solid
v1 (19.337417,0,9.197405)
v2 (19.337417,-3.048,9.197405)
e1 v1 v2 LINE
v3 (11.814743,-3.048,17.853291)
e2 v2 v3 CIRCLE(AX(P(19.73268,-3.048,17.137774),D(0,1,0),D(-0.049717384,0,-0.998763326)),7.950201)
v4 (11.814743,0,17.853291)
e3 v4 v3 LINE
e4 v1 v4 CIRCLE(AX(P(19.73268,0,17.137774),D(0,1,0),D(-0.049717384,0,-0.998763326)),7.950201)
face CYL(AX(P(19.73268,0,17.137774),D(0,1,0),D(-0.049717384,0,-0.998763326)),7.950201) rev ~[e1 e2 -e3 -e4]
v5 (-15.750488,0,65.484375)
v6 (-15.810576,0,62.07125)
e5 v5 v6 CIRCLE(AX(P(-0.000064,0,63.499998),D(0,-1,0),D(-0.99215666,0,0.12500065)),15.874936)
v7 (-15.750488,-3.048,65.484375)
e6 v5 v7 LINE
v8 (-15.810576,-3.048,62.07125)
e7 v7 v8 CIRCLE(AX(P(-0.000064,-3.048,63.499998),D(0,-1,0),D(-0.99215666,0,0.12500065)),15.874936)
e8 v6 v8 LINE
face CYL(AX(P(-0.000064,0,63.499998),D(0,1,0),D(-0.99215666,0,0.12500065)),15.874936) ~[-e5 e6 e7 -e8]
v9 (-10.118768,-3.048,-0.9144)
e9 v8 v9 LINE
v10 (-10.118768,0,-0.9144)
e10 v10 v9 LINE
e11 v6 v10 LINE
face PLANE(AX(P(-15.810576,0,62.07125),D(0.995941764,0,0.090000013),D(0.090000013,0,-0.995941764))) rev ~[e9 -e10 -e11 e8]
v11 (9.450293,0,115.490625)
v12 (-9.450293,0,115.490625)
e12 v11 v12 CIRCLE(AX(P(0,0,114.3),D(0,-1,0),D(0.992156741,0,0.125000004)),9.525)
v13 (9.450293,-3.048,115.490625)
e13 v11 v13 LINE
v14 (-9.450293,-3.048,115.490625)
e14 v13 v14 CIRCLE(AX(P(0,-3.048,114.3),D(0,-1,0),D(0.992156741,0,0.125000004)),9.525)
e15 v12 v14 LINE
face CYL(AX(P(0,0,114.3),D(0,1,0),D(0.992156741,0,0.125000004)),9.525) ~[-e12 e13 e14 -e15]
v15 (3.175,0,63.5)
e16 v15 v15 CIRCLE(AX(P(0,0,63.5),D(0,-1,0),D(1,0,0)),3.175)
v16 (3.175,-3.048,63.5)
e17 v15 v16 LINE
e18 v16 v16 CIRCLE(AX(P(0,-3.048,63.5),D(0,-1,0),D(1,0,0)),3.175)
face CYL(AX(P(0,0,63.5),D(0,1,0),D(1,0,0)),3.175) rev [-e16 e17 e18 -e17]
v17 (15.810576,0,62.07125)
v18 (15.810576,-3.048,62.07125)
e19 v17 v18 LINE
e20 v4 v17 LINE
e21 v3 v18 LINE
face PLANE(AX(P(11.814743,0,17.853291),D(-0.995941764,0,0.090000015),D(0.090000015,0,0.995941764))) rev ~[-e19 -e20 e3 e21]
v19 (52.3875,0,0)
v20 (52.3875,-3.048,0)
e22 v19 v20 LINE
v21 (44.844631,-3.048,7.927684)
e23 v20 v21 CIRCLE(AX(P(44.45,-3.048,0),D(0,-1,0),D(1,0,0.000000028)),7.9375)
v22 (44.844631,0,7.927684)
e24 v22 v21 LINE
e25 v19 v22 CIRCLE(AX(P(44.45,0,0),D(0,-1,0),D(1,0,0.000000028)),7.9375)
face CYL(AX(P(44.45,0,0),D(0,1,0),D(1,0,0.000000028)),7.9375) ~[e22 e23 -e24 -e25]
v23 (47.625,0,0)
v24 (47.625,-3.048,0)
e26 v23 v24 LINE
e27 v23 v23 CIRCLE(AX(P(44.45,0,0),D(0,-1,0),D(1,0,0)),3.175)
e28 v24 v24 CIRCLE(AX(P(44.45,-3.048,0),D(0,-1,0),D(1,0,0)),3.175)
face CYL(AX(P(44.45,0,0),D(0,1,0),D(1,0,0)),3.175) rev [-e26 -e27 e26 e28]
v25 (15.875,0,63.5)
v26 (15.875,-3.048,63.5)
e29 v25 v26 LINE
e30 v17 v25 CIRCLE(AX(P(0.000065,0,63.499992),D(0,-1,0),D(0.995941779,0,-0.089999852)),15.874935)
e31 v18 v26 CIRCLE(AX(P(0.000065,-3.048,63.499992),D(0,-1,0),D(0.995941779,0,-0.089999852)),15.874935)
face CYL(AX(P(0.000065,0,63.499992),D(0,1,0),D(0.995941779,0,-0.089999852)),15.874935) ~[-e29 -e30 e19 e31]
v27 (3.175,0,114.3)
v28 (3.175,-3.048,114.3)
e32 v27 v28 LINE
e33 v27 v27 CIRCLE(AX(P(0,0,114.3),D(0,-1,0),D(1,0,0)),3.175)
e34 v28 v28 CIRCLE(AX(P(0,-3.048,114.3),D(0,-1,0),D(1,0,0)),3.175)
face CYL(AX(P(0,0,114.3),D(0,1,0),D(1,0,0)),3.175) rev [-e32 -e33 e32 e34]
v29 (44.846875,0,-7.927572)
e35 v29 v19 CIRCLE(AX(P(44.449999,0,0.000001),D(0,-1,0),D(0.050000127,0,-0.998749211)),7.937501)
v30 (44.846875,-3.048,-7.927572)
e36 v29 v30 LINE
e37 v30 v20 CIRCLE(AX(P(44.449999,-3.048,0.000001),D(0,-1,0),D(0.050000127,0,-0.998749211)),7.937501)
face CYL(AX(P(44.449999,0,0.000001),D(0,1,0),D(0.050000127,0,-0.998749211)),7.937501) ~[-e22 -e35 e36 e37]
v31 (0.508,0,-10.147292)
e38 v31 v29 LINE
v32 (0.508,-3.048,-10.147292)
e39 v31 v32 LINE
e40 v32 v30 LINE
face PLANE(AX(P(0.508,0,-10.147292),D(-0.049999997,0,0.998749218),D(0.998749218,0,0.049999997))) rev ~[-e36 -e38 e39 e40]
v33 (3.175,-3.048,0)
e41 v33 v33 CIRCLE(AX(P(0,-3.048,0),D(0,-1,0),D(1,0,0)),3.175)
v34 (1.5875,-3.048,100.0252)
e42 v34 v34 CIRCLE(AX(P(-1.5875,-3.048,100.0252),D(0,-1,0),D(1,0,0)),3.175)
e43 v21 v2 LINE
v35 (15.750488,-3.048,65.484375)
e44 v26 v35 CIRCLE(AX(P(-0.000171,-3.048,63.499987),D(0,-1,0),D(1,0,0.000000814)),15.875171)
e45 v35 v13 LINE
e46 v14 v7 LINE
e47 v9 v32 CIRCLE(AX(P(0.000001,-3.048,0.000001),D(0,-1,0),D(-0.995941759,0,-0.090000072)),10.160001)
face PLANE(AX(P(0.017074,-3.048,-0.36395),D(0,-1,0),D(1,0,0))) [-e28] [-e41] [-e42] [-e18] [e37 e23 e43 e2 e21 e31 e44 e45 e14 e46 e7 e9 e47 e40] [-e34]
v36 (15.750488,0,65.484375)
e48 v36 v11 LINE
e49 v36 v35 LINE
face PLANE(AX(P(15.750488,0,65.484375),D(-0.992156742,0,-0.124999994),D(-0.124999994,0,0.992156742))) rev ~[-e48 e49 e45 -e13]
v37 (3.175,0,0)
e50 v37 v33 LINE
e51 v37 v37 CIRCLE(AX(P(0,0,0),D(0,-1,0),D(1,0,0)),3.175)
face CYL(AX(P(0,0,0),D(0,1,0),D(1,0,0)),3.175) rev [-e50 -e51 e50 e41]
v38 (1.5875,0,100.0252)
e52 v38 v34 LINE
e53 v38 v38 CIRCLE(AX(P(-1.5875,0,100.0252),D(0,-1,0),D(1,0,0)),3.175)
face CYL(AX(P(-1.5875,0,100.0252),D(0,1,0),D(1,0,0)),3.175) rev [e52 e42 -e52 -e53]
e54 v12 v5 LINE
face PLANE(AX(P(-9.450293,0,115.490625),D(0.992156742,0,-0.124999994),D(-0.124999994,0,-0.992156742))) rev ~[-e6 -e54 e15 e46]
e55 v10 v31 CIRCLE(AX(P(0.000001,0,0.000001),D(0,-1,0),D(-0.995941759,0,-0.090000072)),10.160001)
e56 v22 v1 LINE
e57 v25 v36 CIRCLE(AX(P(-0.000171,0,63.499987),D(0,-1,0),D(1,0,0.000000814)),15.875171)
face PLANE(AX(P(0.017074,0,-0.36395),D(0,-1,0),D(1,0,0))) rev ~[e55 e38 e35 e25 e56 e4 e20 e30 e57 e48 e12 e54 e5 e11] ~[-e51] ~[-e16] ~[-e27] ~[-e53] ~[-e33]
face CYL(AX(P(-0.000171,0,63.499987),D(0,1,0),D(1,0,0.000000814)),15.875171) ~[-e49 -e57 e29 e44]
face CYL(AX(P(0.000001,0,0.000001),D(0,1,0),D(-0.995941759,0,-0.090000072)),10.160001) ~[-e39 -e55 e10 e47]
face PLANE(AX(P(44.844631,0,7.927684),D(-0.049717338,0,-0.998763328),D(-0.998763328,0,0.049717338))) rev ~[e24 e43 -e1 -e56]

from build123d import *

# Parameters (mm, degrees)
F0_R     = 3.175
F1_DEPTH = 3.048


with BuildPart() as f1:
    # F0 (on Front) → F1 (new body)
    with BuildSketch(Plane.XZ):
        with BuildLine():
            ThreePointArc((0.508, -10.147292), (7.361619, -7.002297), (10.16, 0))
            ThreePointArc((10.16, 0), (-0.457665, 10.149687), (-10.118768, -0.9144))
            ThreePointArc((-10.118768, -0.9144), (-6.663579, -7.66957), (0.508, -10.147292))
        make_face()
        Circle(F0_R, mode=Mode.SUBTRACT)
        with BuildLine():
            ThreePointArc((-10.118768, -0.9144), (-0.457665, 10.149687), (10.16, 0))
            ThreePointArc((10.16, 0), (7.361619, -7.002297), (0.508, -10.147292))
            Line((0.508, -10.147292), (44.846875, -7.927572))
            ThreePointArc((44.846875, -7.927572), (36.5125, -0.001123), (44.844631, 7.927684))
            Line((44.844631, 7.927684), (19.337417, 9.197405))
            ThreePointArc((19.337417, 9.197405), (13.731979, 11.922673), (11.814743, 17.853291))
            Line((11.814743, 17.853291), (15.810576, 62.07125))
            ThreePointArc((15.810576, 62.07125), (0, 47.625), (-15.810576, 62.07125))
            Line((-15.810576, 62.07125), (-10.118768, -0.9144))
        make_face()
        with BuildLine():
            ThreePointArc((-15.750488, 65.484375), (-15.872541, 63.779432), (-15.810576, 62.07125))
            ThreePointArc((-15.810576, 62.07125), (0, 47.625), (15.810576, 62.07125))
            ThreePointArc((15.810576, 62.07125), (15.858886, 62.784899), (15.875, 63.5))
            ThreePointArc((15.875, 63.5), (15.843841, 64.494139), (15.750488, 65.484375))
            ThreePointArc((15.750488, 65.484375), (0, 79.375), (-15.750488, 65.484375))
        make_face()
        with Locations((0, 63.5)):
            Circle(F0_R, mode=Mode.SUBTRACT)
        with BuildLine():
            ThreePointArc((44.844631, 7.927684), (36.5125, -0.001123), (44.846875, -7.927572))
            ThreePointArc((44.846875, -7.927572), (50.201265, -5.470544), (52.3875, 0))
            ThreePointArc((52.3875, 0), (50.200491, 5.471358), (44.844631, 7.927684))
        make_face()
        with Locations((44.45, 0)):
            Circle(F0_R, mode=Mode.SUBTRACT)
        with BuildLine():
            Line((-9.450293, 115.490625), (-15.750488, 65.484375))
            ThreePointArc((-15.750488, 65.484375), (0, 79.375), (15.750488, 65.484375))
            Line((15.750488, 65.484375), (9.450293, 115.490625))
            ThreePointArc((9.450293, 115.490625), (9.506305, 114.896483), (9.525, 114.3))
            ThreePointArc((9.525, 114.3), (-0.596483, 104.793695), (-9.450293, 115.490625))
        make_face()
        with Locations((-1.5875, 100.0252)):
            Circle(F0_R, mode=Mode.SUBTRACT)
        with BuildLine():
            ThreePointArc((9.450293, 115.490625), (0, 123.825), (-9.450293, 115.490625))
            ThreePointArc((-9.450293, 115.490625), (-0.596483, 104.793695), (9.525, 114.3))
            ThreePointArc((9.525, 114.3), (9.506305, 114.896483), (9.450293, 115.490625))
        make_face()
        with Locations((0, 114.3)):
            Circle(F0_R, mode=Mode.SUBTRACT)
    extrude(amount=F1_DEPTH)


solid = f1.part
